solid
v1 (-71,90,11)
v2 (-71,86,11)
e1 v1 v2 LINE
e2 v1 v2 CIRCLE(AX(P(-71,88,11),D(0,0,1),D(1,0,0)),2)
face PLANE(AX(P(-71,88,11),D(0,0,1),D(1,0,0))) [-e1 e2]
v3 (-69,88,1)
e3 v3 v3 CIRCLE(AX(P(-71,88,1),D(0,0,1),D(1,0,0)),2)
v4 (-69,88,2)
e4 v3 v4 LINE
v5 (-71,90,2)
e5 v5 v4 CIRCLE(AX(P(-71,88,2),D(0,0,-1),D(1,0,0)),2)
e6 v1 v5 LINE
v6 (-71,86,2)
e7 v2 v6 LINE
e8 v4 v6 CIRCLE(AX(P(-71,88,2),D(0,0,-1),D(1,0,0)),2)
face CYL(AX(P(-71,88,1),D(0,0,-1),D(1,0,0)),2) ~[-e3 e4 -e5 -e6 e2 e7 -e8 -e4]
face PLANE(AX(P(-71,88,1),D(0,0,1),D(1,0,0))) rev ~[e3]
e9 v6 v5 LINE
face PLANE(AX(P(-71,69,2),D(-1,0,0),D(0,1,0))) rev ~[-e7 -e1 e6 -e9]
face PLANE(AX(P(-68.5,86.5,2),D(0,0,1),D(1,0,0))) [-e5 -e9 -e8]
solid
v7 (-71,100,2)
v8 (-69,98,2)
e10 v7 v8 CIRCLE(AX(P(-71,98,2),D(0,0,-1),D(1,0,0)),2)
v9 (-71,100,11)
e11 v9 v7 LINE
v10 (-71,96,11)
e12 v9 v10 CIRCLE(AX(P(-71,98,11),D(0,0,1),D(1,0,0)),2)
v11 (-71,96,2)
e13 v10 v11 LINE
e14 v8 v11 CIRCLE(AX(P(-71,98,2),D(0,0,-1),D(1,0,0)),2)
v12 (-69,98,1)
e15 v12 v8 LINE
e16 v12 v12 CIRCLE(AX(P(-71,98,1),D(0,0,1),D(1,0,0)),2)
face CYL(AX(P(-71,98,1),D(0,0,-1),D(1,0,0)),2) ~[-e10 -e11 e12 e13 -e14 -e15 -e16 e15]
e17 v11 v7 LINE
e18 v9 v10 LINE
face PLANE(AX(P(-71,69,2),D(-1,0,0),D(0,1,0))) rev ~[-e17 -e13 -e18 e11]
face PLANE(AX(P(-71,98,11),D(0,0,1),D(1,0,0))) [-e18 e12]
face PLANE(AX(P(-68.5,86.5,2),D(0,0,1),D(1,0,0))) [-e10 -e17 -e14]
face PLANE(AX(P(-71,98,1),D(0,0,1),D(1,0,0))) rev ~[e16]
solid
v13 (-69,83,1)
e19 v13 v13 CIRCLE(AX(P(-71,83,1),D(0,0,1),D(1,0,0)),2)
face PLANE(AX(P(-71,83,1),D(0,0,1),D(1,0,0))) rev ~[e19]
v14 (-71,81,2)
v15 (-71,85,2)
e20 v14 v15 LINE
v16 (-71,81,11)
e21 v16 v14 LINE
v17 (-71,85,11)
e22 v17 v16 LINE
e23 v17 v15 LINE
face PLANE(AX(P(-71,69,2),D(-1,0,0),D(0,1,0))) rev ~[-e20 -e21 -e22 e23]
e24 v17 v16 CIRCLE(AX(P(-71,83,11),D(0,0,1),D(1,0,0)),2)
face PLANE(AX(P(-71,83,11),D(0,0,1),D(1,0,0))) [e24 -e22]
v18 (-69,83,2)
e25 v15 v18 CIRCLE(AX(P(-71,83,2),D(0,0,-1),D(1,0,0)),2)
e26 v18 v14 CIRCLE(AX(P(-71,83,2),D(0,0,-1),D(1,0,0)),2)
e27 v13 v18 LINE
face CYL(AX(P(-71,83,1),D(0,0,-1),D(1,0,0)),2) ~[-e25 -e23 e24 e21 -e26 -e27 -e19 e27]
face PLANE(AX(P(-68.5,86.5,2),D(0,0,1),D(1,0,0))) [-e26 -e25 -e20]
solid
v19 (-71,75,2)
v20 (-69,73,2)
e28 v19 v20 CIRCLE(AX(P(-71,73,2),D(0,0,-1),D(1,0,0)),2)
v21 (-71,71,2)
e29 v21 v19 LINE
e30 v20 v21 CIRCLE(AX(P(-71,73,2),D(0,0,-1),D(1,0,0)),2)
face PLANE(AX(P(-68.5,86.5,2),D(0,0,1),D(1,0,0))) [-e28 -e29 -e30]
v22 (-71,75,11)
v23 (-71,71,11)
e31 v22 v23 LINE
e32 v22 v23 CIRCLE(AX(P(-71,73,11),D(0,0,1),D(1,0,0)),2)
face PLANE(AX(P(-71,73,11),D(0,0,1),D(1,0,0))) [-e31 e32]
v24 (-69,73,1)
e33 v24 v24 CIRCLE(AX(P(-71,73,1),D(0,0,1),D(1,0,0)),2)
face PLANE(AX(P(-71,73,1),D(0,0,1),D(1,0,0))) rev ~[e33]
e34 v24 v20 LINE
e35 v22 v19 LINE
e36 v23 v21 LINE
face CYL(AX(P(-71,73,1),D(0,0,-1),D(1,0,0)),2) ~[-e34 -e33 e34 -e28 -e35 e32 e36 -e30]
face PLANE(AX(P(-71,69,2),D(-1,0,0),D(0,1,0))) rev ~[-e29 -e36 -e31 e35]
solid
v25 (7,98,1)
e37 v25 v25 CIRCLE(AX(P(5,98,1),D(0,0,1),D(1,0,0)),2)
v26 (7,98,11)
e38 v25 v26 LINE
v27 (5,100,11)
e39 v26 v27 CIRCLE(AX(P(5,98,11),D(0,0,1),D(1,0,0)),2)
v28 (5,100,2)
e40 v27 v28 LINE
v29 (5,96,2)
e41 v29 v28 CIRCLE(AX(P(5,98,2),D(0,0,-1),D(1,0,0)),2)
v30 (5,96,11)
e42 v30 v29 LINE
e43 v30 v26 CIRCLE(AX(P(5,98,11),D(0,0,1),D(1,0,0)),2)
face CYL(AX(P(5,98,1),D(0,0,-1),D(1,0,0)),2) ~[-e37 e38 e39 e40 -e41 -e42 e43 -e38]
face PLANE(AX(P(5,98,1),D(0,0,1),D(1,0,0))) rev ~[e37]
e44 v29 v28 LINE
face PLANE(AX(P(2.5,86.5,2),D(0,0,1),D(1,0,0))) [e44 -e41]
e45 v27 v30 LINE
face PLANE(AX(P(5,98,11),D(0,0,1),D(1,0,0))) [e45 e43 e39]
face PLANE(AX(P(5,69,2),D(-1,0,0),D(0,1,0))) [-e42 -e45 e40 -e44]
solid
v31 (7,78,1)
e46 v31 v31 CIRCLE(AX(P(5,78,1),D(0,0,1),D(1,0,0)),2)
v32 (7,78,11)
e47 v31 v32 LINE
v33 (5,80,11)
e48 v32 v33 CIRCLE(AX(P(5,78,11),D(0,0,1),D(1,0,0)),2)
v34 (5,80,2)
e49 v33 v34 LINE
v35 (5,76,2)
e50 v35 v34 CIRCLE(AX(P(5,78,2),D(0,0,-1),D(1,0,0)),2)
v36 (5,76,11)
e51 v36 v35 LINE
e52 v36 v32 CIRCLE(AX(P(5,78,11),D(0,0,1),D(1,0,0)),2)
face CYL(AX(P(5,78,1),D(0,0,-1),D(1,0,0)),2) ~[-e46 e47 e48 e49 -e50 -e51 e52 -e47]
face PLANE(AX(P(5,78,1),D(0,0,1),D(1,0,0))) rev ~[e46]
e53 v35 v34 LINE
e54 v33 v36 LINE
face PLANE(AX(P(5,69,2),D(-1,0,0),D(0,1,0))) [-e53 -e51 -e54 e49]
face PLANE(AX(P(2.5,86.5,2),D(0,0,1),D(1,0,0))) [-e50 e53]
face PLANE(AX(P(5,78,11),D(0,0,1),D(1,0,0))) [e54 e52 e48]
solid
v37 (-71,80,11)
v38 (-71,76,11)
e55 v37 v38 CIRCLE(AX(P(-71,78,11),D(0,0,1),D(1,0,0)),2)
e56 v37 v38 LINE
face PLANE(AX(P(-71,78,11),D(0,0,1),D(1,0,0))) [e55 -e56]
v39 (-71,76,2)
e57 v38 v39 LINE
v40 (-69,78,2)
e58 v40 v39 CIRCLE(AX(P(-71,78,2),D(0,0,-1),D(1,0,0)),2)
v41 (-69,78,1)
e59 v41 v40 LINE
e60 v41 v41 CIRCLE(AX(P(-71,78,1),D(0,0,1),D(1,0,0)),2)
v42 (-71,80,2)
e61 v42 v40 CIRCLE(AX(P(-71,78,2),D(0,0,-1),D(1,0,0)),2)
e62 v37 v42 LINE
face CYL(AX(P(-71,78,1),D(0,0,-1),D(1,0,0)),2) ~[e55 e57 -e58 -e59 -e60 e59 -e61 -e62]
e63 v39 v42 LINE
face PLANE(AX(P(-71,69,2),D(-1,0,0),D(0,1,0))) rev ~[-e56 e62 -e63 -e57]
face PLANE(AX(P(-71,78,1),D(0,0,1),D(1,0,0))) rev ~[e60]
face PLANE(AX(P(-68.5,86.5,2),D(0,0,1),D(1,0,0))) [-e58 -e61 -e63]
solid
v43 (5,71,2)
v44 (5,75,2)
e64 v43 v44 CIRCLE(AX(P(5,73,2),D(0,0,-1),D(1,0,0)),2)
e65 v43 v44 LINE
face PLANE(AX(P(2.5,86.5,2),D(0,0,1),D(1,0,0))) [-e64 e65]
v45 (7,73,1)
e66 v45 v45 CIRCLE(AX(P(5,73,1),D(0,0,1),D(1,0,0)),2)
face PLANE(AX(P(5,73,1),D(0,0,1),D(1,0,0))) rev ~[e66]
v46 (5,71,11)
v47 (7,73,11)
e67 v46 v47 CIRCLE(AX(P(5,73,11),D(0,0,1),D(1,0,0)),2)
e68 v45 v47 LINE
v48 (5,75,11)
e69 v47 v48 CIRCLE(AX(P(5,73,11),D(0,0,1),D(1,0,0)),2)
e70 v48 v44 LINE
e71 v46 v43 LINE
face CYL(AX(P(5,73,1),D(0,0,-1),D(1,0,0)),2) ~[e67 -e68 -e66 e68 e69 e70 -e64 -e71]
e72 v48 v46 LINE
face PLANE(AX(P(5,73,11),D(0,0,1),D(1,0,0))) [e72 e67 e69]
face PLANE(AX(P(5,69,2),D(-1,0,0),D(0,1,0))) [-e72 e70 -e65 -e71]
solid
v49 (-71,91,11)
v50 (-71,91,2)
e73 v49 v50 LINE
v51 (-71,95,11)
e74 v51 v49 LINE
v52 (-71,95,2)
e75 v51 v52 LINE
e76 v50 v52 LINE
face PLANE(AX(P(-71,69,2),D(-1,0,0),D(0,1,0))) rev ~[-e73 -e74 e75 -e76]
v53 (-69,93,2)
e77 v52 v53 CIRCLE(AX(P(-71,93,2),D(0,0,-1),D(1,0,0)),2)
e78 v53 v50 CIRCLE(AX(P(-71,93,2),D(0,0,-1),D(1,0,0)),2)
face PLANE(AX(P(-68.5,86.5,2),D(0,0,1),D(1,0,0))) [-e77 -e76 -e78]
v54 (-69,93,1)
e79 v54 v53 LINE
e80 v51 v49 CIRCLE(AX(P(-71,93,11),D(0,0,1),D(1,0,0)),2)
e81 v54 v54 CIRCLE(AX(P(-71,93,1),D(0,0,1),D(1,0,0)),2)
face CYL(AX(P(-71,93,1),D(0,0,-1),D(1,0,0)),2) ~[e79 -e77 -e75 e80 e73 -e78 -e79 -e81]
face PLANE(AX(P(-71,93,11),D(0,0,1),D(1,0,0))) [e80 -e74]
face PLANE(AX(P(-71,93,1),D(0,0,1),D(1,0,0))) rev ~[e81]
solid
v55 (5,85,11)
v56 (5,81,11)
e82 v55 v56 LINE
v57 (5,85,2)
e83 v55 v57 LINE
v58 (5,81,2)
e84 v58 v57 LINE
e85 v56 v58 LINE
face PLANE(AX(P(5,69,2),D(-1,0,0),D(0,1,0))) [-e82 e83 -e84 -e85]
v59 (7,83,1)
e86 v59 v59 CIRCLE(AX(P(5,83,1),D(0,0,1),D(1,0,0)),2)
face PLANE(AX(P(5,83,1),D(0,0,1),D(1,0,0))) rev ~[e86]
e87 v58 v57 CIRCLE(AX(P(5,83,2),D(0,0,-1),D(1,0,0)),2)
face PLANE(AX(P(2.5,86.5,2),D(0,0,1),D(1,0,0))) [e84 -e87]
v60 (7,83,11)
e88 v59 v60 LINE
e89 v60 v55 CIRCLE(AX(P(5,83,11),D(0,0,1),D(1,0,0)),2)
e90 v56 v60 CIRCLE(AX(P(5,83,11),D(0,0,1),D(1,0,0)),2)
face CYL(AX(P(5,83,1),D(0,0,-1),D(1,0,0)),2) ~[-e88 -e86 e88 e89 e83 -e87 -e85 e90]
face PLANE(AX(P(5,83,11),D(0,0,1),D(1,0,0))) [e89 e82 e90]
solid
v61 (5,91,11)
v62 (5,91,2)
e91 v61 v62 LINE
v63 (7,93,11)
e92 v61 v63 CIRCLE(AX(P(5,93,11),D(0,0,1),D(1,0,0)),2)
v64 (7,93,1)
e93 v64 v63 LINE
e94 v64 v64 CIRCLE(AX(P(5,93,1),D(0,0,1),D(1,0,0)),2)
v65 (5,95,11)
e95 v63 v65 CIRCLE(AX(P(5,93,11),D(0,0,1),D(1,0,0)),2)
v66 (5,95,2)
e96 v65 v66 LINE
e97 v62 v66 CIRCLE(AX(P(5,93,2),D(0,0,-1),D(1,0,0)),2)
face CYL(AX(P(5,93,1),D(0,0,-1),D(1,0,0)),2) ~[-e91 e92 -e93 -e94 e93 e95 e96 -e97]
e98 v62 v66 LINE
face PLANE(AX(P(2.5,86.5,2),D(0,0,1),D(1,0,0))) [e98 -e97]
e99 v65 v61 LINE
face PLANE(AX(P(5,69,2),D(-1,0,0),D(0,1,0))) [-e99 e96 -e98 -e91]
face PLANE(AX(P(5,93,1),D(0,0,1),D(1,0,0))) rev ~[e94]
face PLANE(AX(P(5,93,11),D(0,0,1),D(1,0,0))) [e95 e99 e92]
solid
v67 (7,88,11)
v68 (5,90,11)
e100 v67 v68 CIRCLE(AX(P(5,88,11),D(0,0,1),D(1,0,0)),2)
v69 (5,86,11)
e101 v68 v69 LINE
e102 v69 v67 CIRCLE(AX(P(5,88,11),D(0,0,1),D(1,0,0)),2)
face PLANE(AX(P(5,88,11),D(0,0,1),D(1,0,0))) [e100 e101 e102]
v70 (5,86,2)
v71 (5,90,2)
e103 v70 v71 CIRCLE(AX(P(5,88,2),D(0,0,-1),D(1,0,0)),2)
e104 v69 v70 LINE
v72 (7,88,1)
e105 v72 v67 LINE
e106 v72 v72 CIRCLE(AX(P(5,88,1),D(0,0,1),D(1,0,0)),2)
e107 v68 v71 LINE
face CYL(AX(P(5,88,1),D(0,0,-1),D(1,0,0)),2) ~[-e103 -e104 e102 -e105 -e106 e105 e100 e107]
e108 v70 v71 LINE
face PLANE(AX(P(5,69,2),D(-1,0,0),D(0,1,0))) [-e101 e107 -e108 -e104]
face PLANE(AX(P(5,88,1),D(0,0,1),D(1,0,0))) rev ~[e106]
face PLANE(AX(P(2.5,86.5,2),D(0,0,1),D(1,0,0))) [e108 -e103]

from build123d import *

# Parameters (mm, degrees)
BOX003_W          = 5
BOX003_H          = 35
BOX003_DEPTH      = 12
BOX002_W          = 5
BOX002_H          = 35
BOX002_DEPTH      = 12
CYLINDER013_R     = 2
CYLINDER013_DEPTH = 10
CYLINDER014_R     = 2
CYLINDER014_DEPTH = 10
CYLINDER015_R     = 2
CYLINDER015_DEPTH = 10
CYLINDER016_R     = 2
CYLINDER016_DEPTH = 10
CYLINDER017_R     = 2
CYLINDER017_DEPTH = 10
CYLINDER012_R     = 2
CYLINDER012_DEPTH = 10
CYLINDER007_R     = 2
CYLINDER007_DEPTH = 10
CYLINDER008_R     = 2
CYLINDER008_DEPTH = 10
CYLINDER009_R     = 2
CYLINDER009_DEPTH = 10
CYLINDER010_R     = 2
CYLINDER010_DEPTH = 10
CYLINDER011_R     = 2
CYLINDER011_DEPTH = 10
CYLINDER006_R     = 2
CYLINDER006_DEPTH = 10


with BuildPart() as cubo003:
    # Box003 → Box003 (new body)
    with BuildSketch(Plane(origin=(-71, 69, 2), x_dir=(1, 0, 0), z_dir=(0, 0, 1))):
        with Locations((2.5, 17.5)):
            Rectangle(BOX003_W, BOX003_H)
    extrude(amount=BOX003_DEPTH)


with BuildPart() as cubo002:
    # Box002 → Box002 (new body)
    with BuildSketch(Plane(origin=(0, 69, 2), x_dir=(1, 0, 0), z_dir=(0, 0, 1))):
        with Locations((2.5, 17.5)):
            Rectangle(BOX002_W, BOX002_H)
    extrude(amount=BOX002_DEPTH)


with BuildPart() as cilindro013:
    # Cylinder013 → Cylinder013 (new body)
    with BuildSketch(Plane(origin=(5, 73, 1), x_dir=(1, 0, 0), z_dir=(0, 0, 1))):
        Circle(CYLINDER013_R)
    extrude(amount=CYLINDER013_DEPTH)


with BuildPart() as cilindro014:
    # Cylinder014 → Cylinder014 (new body)
    with BuildSketch(Plane(origin=(5, 83, 1), x_dir=(1, 0, 0), z_dir=(0, 0, 1))):
        Circle(CYLINDER014_R)
    extrude(amount=CYLINDER014_DEPTH)


with BuildPart() as cilindro015:
    # Cylinder015 → Cylinder015 (new body)
    with BuildSketch(Plane(origin=(5, 88, 1), x_dir=(1, 0, 0), z_dir=(0, 0, 1))):
        Circle(CYLINDER015_R)
    extrude(amount=CYLINDER015_DEPTH)


with BuildPart() as cilindro016:
    # Cylinder016 → Cylinder016 (new body)
    with BuildSketch(Plane(origin=(5, 93, 1), x_dir=(1, 0, 0), z_dir=(0, 0, 1))):
        Circle(CYLINDER016_R)
    extrude(amount=CYLINDER016_DEPTH)


with BuildPart() as cilindro017:
    # Cylinder017 → Cylinder017 (new body)
    with BuildSketch(Plane(origin=(5, 98, 1), x_dir=(1, 0, 0), z_dir=(0, 0, 1))):
        Circle(CYLINDER017_R)
    extrude(amount=CYLINDER017_DEPTH)


with BuildPart() as cil_sx:
    # Cylinder012 → Cylinder012 (new body)
    with BuildSketch(Plane(origin=(5, 78, 1), x_dir=(1, 0, 0), z_dir=(0, 0, 1))):
        Circle(CYLINDER012_R)
    extrude(amount=CYLINDER012_DEPTH)

    # Fusion010: union Cilindro013, Cilindro014, Cilindro015, Cilindro016, Cilindro017
    add(cilindro013.part)
    add(cilindro014.part)
    add(cilindro015.part)
    add(cilindro016.part)
    add(cilindro017.part)


with BuildPart() as cil_sx_1:
    # Fusion010 placement: moved
    add(cil_sx.part.moved(Location((-76, 0, 0))))


with BuildPart() as cilindro007:
    # Cylinder007 → Cylinder007 (new body)
    with BuildSketch(Plane(origin=(5, 73, 1), x_dir=(1, 0, 0), z_dir=(0, 0, 1))):
        Circle(CYLINDER007_R)
    extrude(amount=CYLINDER007_DEPTH)


with BuildPart() as cilindro008:
    # Cylinder008 → Cylinder008 (new body)
    with BuildSketch(Plane(origin=(5, 83, 1), x_dir=(1, 0, 0), z_dir=(0, 0, 1))):
        Circle(CYLINDER008_R)
    extrude(amount=CYLINDER008_DEPTH)


with BuildPart() as cilindro009:
    # Cylinder009 → Cylinder009 (new body)
    with BuildSketch(Plane(origin=(5, 88, 1), x_dir=(1, 0, 0), z_dir=(0, 0, 1))):
        Circle(CYLINDER009_R)
    extrude(amount=CYLINDER009_DEPTH)


with BuildPart() as cilindro010:
    # Cylinder010 → Cylinder010 (new body)
    with BuildSketch(Plane(origin=(5, 93, 1), x_dir=(1, 0, 0), z_dir=(0, 0, 1))):
        Circle(CYLINDER010_R)
    extrude(amount=CYLINDER010_DEPTH)


with BuildPart() as cilindro011:
    # Cylinder011 → Cylinder011 (new body)
    with BuildSketch(Plane(origin=(5, 98, 1), x_dir=(1, 0, 0), z_dir=(0, 0, 1))):
        Circle(CYLINDER011_R)
    extrude(amount=CYLINDER011_DEPTH)


with BuildPart() as final:
    # Cylinder006 → Cylinder006 (new body)
    with BuildSketch(Plane(origin=(5, 78, 1), x_dir=(1, 0, 0), z_dir=(0, 0, 1))):
        Circle(CYLINDER006_R)
    extrude(amount=CYLINDER006_DEPTH)

    # Fusion009: union Cilindro007, Cilindro008, Cilindro009, Cilindro010, Cilindro011
    add(cilindro007.part)
    add(cilindro008.part)
    add(cilindro009.part)
    add(cilindro010.part)
    add(cilindro011.part)

    # Fusion011: union cil_sx
    add(cil_sx_1.part)

    # Cut014: cut Cubo002
    add(cubo002.part, mode=Mode.SUBTRACT)

    # Cut015: cut Cubo003
    add(cubo003.part, mode=Mode.SUBTRACT)


solid = final.part
